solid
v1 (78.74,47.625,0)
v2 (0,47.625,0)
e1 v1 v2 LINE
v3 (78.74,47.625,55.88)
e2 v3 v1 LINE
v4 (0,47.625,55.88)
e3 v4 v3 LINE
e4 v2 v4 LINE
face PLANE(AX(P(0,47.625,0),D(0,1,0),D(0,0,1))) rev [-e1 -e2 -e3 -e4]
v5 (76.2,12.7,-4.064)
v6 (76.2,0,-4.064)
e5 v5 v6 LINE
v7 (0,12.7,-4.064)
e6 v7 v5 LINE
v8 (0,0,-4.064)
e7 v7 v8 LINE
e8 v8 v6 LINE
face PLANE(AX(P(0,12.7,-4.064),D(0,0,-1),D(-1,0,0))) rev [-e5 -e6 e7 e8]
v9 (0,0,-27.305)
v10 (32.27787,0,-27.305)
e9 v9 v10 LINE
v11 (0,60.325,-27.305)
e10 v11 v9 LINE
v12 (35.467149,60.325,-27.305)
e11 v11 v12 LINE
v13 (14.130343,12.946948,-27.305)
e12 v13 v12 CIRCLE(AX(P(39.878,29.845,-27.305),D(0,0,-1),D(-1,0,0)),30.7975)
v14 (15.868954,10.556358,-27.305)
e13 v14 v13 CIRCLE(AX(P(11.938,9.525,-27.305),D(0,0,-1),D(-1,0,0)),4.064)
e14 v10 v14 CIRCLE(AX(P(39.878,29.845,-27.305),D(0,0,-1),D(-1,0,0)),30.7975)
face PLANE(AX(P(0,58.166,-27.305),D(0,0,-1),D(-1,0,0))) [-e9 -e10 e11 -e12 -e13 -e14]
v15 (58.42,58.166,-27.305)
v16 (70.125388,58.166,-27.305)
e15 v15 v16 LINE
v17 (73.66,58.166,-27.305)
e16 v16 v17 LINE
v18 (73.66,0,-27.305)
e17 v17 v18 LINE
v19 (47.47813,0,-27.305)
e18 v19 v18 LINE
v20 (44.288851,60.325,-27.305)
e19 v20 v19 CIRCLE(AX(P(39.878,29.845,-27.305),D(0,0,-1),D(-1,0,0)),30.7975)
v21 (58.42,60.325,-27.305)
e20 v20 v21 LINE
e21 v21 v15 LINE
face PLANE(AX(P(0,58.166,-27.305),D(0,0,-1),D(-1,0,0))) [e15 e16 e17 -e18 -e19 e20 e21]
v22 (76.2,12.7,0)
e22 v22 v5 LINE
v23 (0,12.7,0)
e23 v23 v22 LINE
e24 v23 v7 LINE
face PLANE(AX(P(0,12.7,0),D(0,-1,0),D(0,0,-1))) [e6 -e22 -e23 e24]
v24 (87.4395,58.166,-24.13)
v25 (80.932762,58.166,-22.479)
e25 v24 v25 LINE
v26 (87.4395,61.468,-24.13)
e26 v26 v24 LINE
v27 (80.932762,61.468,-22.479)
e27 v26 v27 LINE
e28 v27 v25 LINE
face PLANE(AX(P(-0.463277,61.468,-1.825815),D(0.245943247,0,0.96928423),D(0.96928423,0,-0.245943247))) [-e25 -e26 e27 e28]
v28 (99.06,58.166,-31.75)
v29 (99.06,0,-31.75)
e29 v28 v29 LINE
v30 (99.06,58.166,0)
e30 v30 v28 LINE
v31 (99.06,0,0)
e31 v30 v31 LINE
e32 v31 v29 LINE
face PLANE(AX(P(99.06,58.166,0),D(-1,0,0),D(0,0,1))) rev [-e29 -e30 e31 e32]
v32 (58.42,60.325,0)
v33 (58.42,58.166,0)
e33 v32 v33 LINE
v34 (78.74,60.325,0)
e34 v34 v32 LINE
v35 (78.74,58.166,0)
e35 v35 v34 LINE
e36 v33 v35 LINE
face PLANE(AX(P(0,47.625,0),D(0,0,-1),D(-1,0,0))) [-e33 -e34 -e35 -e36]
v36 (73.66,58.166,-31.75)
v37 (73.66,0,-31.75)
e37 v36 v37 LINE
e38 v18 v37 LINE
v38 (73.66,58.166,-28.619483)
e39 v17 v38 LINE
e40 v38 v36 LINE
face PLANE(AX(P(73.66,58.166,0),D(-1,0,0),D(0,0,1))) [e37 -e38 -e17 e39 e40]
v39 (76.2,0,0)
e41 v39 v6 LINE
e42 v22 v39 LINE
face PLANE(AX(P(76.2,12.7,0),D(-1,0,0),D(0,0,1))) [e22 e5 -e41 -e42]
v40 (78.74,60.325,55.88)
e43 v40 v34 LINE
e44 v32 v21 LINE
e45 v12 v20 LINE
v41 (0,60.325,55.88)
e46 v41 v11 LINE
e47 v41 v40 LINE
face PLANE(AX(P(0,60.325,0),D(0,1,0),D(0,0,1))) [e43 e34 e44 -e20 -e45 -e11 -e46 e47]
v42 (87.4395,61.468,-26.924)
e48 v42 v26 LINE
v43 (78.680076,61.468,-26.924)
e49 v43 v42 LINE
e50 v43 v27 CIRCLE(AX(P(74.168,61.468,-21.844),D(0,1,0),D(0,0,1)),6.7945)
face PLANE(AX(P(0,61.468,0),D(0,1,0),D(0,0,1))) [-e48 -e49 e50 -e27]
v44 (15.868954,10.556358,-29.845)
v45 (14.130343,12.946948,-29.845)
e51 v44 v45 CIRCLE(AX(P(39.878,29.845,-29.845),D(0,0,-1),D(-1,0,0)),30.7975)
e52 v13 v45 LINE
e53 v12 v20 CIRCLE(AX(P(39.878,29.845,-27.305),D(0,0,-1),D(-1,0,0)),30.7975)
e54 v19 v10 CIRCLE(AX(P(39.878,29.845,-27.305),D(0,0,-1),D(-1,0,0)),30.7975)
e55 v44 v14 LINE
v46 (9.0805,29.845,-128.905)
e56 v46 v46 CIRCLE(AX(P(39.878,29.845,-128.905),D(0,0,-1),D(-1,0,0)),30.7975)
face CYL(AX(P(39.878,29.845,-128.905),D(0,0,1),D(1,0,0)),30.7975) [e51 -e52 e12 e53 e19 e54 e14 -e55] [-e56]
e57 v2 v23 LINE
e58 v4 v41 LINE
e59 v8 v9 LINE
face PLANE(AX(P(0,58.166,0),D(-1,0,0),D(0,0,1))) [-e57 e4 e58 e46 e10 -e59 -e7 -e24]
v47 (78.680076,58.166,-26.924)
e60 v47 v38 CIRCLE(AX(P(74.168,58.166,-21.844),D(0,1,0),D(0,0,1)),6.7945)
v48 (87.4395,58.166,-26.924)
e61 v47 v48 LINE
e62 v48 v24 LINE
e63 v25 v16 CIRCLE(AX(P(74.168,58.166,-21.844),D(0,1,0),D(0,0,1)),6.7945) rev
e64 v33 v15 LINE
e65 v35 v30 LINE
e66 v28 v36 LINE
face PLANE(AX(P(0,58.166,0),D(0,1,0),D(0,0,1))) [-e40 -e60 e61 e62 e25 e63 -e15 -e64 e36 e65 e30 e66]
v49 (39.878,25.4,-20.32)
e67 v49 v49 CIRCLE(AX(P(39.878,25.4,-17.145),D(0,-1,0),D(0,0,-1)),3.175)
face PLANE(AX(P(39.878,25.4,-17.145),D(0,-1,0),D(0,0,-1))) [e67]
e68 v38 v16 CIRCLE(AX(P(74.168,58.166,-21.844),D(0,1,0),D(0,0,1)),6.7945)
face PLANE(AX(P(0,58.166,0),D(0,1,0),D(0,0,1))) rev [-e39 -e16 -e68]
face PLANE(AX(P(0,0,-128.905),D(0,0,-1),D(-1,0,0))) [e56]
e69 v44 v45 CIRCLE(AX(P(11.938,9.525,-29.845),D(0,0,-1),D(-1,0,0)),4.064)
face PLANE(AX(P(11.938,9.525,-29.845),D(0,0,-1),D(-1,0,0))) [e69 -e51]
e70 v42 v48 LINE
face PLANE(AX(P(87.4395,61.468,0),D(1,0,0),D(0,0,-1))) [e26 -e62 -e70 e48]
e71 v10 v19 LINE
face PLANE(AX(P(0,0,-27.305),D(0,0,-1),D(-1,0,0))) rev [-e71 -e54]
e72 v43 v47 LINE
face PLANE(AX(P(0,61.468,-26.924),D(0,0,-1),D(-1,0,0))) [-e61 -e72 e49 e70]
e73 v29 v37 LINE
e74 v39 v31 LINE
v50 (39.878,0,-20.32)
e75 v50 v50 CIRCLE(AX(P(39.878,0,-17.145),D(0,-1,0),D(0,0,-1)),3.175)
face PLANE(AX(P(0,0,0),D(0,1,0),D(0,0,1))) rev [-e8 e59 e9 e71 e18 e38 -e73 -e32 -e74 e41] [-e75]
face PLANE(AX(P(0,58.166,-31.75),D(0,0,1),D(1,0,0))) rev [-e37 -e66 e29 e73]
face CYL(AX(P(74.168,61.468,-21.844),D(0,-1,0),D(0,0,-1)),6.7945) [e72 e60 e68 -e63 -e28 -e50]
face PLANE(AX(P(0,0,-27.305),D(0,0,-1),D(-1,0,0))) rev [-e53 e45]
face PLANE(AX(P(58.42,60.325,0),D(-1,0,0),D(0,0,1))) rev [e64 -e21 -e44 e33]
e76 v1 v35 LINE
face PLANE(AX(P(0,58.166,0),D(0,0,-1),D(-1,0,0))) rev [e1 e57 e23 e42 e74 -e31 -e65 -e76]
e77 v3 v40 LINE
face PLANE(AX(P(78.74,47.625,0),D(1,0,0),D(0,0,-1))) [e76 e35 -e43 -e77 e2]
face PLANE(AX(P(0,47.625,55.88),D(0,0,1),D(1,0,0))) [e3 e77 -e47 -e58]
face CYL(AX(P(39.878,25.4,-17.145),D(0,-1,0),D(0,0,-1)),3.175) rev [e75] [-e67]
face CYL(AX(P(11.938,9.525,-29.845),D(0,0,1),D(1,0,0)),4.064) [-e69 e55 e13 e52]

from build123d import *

# Parameters (mm, degrees)
SKETCH1_W           = 99.06
SKETCH1_H           = 27.305
SKETCH1_W_2         = 25.4
SKETCH1_H_2         = 4.445
BOSS_EXTRUDE1_DEPTH = 58.166
SKETCH2_R           = 3.175
CUT_EXTRUDE1_DEPTH  = 25.4
SKETCH3_R           = 30.7975
BOSS_EXTRUDE2_DEPTH = 101.6
SKETCH4_R           = 4.064
BOSS_EXTRUDE3_DEPTH = 2.54
BOSS_EXTRUDE4_DEPTH = 3.302
SKETCH6_W           = 58.42
SKETCH6_H           = 27.305
BOSS_EXTRUDE5_DEPTH = 2.159
SKETCH8_W           = 76.2
SKETCH8_H           = 4.064
CUT_EXTRUDE2_DEPTH  = 12.7
SKETCH9_W           = 78.74
SKETCH9_H           = 55.88
BOSS_EXTRUDE6_DEPTH = 12.7


with BuildPart() as part:
    # Sketch1 → Boss-Extrude1 (new body)
    with BuildSketch(Plane(origin=(0, 0, 0), x_dir=(1, 0, 0), z_dir=(0, 1, 0))):
        with Locations((49.53, 13.6525)):
            Rectangle(SKETCH1_W, SKETCH1_H)
        with Locations((86.36, 29.5275)):
            Rectangle(SKETCH1_W_2, SKETCH1_H_2)
    extrude(amount=BOSS_EXTRUDE1_DEPTH)

    # Sketch2 → Cut-Extrude1 (cut)
    with BuildSketch(Plane.XZ):
        with Locations(Location((39.878, -17.145, 0), (0, 0, 270))):
            Circle(SKETCH2_R)
    extrude(amount=-CUT_EXTRUDE1_DEPTH, mode=Mode.SUBTRACT)

    # Sketch3 → Boss-Extrude2 (add)
    with BuildSketch(Plane(origin=(0, 0, -27.305), x_dir=(-1, 0, 0), z_dir=(0, 0, -1))):
        with Locations(Location((-39.878, 29.845, 0), (0, 0, 113.134129644))):
            Circle(SKETCH3_R)
    extrude(amount=BOSS_EXTRUDE2_DEPTH)

    # Sketch4 → Boss-Extrude3 (add)
    with BuildSketch(Plane(origin=(0, 0, -27.305), x_dir=(-1, 0, 0), z_dir=(0, 0, -1))):
        with Locations((-11.938, 9.525)):
            Circle(SKETCH4_R)
    extrude(amount=BOSS_EXTRUDE3_DEPTH)

    # Sketch5 → Boss-Extrude4 (add)
    with BuildSketch(Plane(origin=(0, 58.166, 0), x_dir=(1, 0, 0), z_dir=(0, 1, 0))):
        with BuildLine():
            ThreePointArc((80.932762025, 22.479), (80.228633257, 24.915474366), (78.680076047, 26.924))
            ThreePointArc((78.680076047, 26.924), (76.342125496, 28.281267167), (73.66, 28.619482732))
            Line((73.66, 28.619482732), (73.66, 27.305))
            Line((73.66, 27.305), (70.125388313, 27.305))
            ThreePointArc((70.125388313, 27.305), (71.11041066, 15.776349905), (80.9625, 21.844))
            ThreePointArc((80.9625, 21.844), (80.955061434, 22.161847977), (80.932762025, 22.479))
        make_face()
        with BuildLine():
            Line((73.66, 27.305), (73.66, 28.619482732))
            ThreePointArc((73.66, 28.619482732), (71.799670865, 28.212378707), (70.125388313, 27.305))
            Line((70.125388313, 27.305), (73.66, 27.305))
        make_face()
        with BuildLine():
            Line((87.4395, 26.924), (78.680076047, 26.924))
            ThreePointArc((78.680076047, 26.924), (80.228633257, 24.915474366), (80.932762025, 22.479))
            Line((80.932762025, 22.479), (87.4395, 24.13))
            Line((87.4395, 24.13), (87.4395, 26.924))
        make_face()
    extrude(amount=BOSS_EXTRUDE4_DEPTH)

    # Sketch6 → Boss-Extrude5 (add)
    with BuildSketch(Plane(origin=(0, 58.166, 0), x_dir=(1, 0, 0), z_dir=(0, 1, 0))):
        with Locations((29.21, 13.6525)):
            Rectangle(SKETCH6_W, SKETCH6_H)
    extrude(amount=BOSS_EXTRUDE5_DEPTH)

    # Sketch8 → Cut-Extrude2 (cut)
    with BuildSketch(Plane.XZ):
        with Locations((38.1, -2.032)):
            Rectangle(SKETCH8_W, SKETCH8_H)
    extrude(amount=-CUT_EXTRUDE2_DEPTH, mode=Mode.SUBTRACT)

    # Sketch9 → Boss-Extrude6 (add)
    with BuildSketch(Plane(origin=(0, 60.325, 0), x_dir=(1, 0, 0), z_dir=(0, 1, 0))):
        with Locations((39.37, -27.94)):
            Rectangle(SKETCH9_W, SKETCH9_H)
    extrude(amount=-BOSS_EXTRUDE6_DEPTH)


solid = part.part
